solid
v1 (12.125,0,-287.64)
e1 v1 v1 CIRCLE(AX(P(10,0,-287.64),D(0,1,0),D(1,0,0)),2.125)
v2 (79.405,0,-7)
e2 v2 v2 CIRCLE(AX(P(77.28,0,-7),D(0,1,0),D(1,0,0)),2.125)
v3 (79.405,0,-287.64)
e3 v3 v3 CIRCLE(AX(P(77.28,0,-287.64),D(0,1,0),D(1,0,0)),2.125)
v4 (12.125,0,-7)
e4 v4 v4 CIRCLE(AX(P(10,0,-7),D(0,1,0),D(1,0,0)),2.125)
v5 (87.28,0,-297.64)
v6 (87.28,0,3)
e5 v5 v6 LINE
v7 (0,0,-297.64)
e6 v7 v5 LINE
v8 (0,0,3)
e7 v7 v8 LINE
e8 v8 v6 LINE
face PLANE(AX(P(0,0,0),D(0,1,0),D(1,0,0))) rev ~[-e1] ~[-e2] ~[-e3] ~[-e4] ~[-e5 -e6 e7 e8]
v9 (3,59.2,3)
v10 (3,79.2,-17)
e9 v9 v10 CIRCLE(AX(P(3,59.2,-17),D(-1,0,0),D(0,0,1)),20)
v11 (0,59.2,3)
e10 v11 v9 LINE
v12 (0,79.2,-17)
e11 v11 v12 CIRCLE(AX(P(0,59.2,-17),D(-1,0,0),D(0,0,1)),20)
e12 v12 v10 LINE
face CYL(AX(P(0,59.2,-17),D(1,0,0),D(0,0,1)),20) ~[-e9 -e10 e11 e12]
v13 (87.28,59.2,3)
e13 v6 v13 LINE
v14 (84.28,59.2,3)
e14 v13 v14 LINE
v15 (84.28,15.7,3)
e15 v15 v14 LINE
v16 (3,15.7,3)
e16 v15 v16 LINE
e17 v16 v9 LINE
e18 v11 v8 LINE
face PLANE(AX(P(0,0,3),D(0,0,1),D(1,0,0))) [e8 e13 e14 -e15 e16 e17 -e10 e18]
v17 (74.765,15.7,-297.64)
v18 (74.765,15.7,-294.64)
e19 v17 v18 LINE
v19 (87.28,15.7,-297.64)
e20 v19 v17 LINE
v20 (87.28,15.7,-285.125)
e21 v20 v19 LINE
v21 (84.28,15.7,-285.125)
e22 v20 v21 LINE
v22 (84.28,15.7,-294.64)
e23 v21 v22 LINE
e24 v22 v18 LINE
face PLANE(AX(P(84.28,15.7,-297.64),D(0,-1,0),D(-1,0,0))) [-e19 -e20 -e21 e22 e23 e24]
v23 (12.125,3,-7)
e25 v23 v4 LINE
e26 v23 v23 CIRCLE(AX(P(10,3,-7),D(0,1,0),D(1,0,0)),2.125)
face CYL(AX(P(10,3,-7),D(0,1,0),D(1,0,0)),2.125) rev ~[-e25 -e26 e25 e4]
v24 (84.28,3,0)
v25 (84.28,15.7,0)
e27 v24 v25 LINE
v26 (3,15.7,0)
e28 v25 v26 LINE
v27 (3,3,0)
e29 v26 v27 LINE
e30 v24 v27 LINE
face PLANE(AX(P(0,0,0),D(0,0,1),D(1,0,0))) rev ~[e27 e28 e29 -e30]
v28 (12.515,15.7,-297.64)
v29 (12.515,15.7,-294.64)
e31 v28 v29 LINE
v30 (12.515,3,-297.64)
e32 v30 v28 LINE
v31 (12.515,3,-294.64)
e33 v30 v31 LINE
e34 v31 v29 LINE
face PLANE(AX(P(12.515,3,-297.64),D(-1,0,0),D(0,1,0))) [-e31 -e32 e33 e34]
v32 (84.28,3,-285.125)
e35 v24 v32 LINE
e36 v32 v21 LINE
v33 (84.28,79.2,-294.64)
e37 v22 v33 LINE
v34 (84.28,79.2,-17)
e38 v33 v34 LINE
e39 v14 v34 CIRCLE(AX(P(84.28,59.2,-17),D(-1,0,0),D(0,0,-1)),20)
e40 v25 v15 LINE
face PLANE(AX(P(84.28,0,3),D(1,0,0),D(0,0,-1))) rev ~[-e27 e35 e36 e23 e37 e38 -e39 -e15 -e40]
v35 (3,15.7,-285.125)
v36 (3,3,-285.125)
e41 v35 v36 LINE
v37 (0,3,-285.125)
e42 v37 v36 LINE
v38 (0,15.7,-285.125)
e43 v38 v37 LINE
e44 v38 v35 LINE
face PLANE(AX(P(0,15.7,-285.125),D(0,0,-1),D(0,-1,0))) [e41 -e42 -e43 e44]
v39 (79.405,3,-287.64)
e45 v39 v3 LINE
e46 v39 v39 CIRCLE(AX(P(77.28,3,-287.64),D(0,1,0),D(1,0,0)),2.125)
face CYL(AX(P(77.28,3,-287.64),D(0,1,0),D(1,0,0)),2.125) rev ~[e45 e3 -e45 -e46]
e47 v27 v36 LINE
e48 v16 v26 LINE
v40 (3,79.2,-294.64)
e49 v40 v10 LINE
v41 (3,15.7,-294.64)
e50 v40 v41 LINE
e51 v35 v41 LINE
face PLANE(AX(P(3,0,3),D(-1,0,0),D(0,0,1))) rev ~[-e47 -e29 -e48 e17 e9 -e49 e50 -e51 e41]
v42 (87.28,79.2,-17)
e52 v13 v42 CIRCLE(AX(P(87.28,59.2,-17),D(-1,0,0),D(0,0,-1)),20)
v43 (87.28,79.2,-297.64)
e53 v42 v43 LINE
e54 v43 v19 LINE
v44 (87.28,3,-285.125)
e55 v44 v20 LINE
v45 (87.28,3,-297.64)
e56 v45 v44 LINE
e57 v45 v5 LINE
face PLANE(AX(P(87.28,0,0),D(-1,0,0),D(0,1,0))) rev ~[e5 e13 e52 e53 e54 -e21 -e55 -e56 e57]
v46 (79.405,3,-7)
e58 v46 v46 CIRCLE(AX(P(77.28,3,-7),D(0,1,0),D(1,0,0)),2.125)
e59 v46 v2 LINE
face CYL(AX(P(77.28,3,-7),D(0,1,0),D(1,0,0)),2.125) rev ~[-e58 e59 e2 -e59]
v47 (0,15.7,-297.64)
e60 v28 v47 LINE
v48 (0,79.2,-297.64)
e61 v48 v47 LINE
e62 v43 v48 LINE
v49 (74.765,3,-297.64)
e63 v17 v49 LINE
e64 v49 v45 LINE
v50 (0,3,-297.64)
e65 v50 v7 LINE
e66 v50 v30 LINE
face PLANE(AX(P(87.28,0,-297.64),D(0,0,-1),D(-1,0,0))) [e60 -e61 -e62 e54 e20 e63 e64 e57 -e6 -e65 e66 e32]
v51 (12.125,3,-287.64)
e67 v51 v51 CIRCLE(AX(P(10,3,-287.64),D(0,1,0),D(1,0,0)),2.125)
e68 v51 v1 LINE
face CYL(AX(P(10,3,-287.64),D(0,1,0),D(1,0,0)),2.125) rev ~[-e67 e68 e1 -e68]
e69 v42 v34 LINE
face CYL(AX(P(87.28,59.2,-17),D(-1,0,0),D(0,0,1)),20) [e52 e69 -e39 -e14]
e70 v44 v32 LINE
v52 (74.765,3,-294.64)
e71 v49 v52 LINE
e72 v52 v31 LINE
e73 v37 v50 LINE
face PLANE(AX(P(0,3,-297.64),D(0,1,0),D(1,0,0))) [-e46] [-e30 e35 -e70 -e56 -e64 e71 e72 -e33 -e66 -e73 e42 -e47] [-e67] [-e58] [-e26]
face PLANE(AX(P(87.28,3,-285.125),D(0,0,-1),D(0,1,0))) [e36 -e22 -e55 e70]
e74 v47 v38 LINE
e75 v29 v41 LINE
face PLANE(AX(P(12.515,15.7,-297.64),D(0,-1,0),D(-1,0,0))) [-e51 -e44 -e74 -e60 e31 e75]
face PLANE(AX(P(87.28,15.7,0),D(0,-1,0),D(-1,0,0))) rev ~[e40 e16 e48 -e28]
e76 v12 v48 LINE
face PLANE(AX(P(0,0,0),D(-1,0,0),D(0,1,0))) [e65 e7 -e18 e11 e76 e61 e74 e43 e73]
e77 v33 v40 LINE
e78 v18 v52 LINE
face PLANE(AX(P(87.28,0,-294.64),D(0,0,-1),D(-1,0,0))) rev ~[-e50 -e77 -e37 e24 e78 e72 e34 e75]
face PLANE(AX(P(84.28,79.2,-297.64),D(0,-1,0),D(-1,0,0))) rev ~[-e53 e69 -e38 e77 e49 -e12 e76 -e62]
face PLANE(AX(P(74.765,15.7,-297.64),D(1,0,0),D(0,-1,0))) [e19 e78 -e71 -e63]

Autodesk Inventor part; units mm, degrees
ref_plane "YZ Plane" through (0, 0, 0) normal (1, 0, 0) x (0, 1, 0)
ref_plane "XZ Plane" through (0, 0, 0) normal (0, 1, 0) x (-1, 0, 0)
ref_plane "XY Plane" through (0, 0, 0) normal (0, 0, 1) x (1, 0, 0)
sketch "Sketch1" plane through (0, 0, 0) normal (0, 0, 1) x (1, 0, 0)
  line L0 (0, 0) -> (87.28, 0)
  line L1 (0, 0) -> (0, 15.7)
  line L2 (87.28, 0) -> (87.28, 15.7)
  line L3 (87.28, 15.7) -> (0, 15.7)
  dimension "d0" = 87.28
  dimension "d1" = 15.7
  dimension "d2" = 15.7
extrude "Extrusion1" add sketch "Sketch1" along normal blind 3
sketch "Sketch2" plane through (0, 0, 0) normal (0, -1, 0) x (1, 0, 0)
  line L0 (87.28, 0) -> (0, 0)
  line L1 (0, 0) -> (0, -297.64)
  line L2 (0, -297.64) -> (87.28, -297.64)
  line L3 (87.28, -297.64) -> (87.28, 0)
  dimension "d5" = 297.64
extrude "Extrusion2" add sketch "Sketch2" against normal blind 3
sketch "Sketch3" plane through (87.28, 0, 3) normal (1, 0, 0) x (0, 0, -1)
  line L0 (0, 15.7) -> (0, 79.2)
  line L1 (0, 79.2) -> (3, 79.2)
  line L2 (3, 15.7) -> (0, 15.7) projected
  line L3 (3, 79.2) -> (3, 15.7)
  line L4 (3, 3) -> (3, 15.7) projected
  line L5 (3, 15.7) -> (3, 3)
  line L6 (3, 3) -> (300.64, 3)
  line L7 (300.64, 3) -> (300.64, 79.2)
  line L8 (300.64, 79.2) -> (3, 79.2)
  point P0 (3, 0)
  dimension "d8" = 63.5
extrude "Extrusion3" add sketch "Sketch3" against normal blind 3
fillet "Fillet1" radius 20 1 edges at (85.78, 79.2, 3)
sketch "Sketch4" plane through (0, 0, 3) normal (-1, 0, 0) x (0, 0, 1)
  line L0 (0, 0) -> (0, 59.2) projected
  line L1 (0, 15.7) -> (0, 79.2)
  line L2 (0, 79.2) -> (-3, 79.2)
  line L3 (0, 15.7) -> (-3, 15.7) projected
  line L4 (-3, 79.2) -> (-3, 15.7)
  line L5 (-3, 15.7) -> (-3, 3) projected
  line L6 (-3, 15.7) -> (-3, 3)
  line L7 (-3, 3) -> (-300.64, 3)
  line L8 (-300.64, 0) -> (-300.64, 79.2) projected
  line L9 (-300.64, 79.2) -> (-300.64, 3)
  line L10 (-300.64, 79.2) -> (-3, 79.2)
  point P0 (-3, 0)
  dimension "d12" = 63.5
  dimension "d13" = 3
extrude "Extrusion4" add sketch "Sketch4" against normal blind 3
fillet "Fillet2" radius 20 1 edges at (1.5, 79.2, 3)
sketch "Sketch5" plane through (87.28, 0, -297.64) normal (0, 0, -1) x (-1, 0, 0)
  line L0 (0, 79.2) -> (3, 79.2) projected
  line L1 (3, 3) -> (84.28, 3) projected
  line L2 (3, 79.2) -> (84.28, 79.2)
  line L3 (84.28, 79.2) -> (84.28, 3)
  line L4 (84.28, 3) -> (3, 3)
  line L5 (3, 3) -> (3, 79.2)
  point P0 (87.28, 0)
extrude "Extrusion5" add sketch "Sketch5" against normal blind 3
sketch "Sketch6" plane through (87.28, 0, 3) normal (1, 0, 0) x (0, 0, -1)
  line L0 (300.64, 0) -> (300.64, 79.2) projected
  line L1 (300.64, 3) -> (288.125, 3)
  line L2 (300.64, 0) -> (0, 0) projected
  line L3 (300.64, 3) -> (300.64, 15.7)
  line L4 (288.125, 3) -> (288.125, 15.7)
  line L5 (288.125, 15.7) -> (300.64, 15.7)
  point P0 (3, 0)
  dimension "d19" = 3
  dimension "d20" = 12.515
  dimension "d21" = 12.7
extrude "Extrusion6" cut sketch "Sketch6" against normal blind 3
sketch "Sketch7" plane through (87.28, 0, -297.64) normal (0, 0, -1) x (-1, 0, 0)
  line L0 (0, 15.7) -> (3, 15.7) projected
  line L1 (3, 15.7) -> (12.515, 15.7)
  line L2 (3, 15.7) -> (84.28, 15.7) projected
  line L3 (12.515, 15.7) -> (12.515, 3)
  line L4 (3, 3) -> (84.28, 3) projected
  line L5 (0, 3) -> (3, 3) projected
  line L6 (3, 3) -> (12.515, 3)
  line L7 (3, 15.7) -> (3, 3) projected
  line L8 (3, 15.7) -> (3, 3)
  point P0 (87.28, 0)
  dimension "d24" = 9.515
extrude "Extrusion7" cut sketch "Sketch7" against normal blind 3
sketch "Sketch8" plane through (87.28, 0, -297.64) normal (0, 0, -1) x (-1, 0, 0)
  line L0 (87.28, 0) -> (87.28, 79.2) projected
  line L1 (87.28, 3) -> (74.765, 3)
  line L2 (87.28, 0) -> (0, 0) projected
  line L3 (74.765, 3) -> (74.765, 15.7)
  line L4 (74.765, 15.7) -> (87.28, 15.7)
  line L5 (87.28, 15.7) -> (87.28, 3)
  dimension "d27" = 3
  dimension "d28" = 12.515
  dimension "d29" = 12.7
extrude "Extrusion8" cut sketch "Sketch8" against normal blind 3
sketch "Sketch9" plane through (0, 0, -297.64) normal (-1, 0, 0) x (0, 0, 1)
  line L0 (0, 15.7) -> (3, 15.7) projected
  line L1 (3, 3) -> (3, 15.7) projected
  line L2 (3, 15.7) -> (3, 3)
  line L3 (12.515, 15.7) -> (0, 15.7) projected
  line L4 (3, 15.7) -> (12.515, 15.7)
  line L5 (12.515, 15.7) -> (12.515, 3) projected
  line L6 (12.515, 15.7) -> (12.515, 3)
  line L7 (12.515, 3) -> (3, 3)
  point P0 (297.64, 0)
extrude "Extrusion9" cut sketch "Sketch9" against normal blind 3
sketch "Sketch10" plane through (0, 3, 0) normal (0, 1, 0) x (1, 0, 0)
  circle A0 centre (10, 7) radius 2.125
  circle A1 centre (77.28, 7) radius 2.125
  circle A2 centre (10, 287.64) radius 2.125
  circle A3 centre (77.28, 287.64) radius 2.125
  line L0 (0, 297.64) -> (12.515, 297.64) projected
  line L1 (0, 285.125) -> (0, 297.64) projected
  line L2 (87.28, 297.64) -> (87.28, 285.125) projected
  line L3 (74.765, 297.64) -> (87.28, 297.64) projected
  line L4 (0, -3) -> (87.28, -3) projected
  line L5 (0, 297.64) -> (0, -3) projected
  line L6 (87.28, 297.64) -> (87.28, -3) projected
  point P0 (0, 0)
  dimension "d34" = 4.25
  dimension "d35" = 4.25
  dimension "d36" = 4.25
  dimension "d37" = 4.25
  dimension "d38" = 10
  dimension "d39" = 10
  dimension "d40" = 10
  dimension "d41" = 10
  dimension "d42" = 10
  dimension "d43" = 10
  dimension "d44" = 10
  dimension "d45" = 10
extrude "Extrusion10" cut sketch "Sketch10" against normal blind 3
properties part number "Hopper"
